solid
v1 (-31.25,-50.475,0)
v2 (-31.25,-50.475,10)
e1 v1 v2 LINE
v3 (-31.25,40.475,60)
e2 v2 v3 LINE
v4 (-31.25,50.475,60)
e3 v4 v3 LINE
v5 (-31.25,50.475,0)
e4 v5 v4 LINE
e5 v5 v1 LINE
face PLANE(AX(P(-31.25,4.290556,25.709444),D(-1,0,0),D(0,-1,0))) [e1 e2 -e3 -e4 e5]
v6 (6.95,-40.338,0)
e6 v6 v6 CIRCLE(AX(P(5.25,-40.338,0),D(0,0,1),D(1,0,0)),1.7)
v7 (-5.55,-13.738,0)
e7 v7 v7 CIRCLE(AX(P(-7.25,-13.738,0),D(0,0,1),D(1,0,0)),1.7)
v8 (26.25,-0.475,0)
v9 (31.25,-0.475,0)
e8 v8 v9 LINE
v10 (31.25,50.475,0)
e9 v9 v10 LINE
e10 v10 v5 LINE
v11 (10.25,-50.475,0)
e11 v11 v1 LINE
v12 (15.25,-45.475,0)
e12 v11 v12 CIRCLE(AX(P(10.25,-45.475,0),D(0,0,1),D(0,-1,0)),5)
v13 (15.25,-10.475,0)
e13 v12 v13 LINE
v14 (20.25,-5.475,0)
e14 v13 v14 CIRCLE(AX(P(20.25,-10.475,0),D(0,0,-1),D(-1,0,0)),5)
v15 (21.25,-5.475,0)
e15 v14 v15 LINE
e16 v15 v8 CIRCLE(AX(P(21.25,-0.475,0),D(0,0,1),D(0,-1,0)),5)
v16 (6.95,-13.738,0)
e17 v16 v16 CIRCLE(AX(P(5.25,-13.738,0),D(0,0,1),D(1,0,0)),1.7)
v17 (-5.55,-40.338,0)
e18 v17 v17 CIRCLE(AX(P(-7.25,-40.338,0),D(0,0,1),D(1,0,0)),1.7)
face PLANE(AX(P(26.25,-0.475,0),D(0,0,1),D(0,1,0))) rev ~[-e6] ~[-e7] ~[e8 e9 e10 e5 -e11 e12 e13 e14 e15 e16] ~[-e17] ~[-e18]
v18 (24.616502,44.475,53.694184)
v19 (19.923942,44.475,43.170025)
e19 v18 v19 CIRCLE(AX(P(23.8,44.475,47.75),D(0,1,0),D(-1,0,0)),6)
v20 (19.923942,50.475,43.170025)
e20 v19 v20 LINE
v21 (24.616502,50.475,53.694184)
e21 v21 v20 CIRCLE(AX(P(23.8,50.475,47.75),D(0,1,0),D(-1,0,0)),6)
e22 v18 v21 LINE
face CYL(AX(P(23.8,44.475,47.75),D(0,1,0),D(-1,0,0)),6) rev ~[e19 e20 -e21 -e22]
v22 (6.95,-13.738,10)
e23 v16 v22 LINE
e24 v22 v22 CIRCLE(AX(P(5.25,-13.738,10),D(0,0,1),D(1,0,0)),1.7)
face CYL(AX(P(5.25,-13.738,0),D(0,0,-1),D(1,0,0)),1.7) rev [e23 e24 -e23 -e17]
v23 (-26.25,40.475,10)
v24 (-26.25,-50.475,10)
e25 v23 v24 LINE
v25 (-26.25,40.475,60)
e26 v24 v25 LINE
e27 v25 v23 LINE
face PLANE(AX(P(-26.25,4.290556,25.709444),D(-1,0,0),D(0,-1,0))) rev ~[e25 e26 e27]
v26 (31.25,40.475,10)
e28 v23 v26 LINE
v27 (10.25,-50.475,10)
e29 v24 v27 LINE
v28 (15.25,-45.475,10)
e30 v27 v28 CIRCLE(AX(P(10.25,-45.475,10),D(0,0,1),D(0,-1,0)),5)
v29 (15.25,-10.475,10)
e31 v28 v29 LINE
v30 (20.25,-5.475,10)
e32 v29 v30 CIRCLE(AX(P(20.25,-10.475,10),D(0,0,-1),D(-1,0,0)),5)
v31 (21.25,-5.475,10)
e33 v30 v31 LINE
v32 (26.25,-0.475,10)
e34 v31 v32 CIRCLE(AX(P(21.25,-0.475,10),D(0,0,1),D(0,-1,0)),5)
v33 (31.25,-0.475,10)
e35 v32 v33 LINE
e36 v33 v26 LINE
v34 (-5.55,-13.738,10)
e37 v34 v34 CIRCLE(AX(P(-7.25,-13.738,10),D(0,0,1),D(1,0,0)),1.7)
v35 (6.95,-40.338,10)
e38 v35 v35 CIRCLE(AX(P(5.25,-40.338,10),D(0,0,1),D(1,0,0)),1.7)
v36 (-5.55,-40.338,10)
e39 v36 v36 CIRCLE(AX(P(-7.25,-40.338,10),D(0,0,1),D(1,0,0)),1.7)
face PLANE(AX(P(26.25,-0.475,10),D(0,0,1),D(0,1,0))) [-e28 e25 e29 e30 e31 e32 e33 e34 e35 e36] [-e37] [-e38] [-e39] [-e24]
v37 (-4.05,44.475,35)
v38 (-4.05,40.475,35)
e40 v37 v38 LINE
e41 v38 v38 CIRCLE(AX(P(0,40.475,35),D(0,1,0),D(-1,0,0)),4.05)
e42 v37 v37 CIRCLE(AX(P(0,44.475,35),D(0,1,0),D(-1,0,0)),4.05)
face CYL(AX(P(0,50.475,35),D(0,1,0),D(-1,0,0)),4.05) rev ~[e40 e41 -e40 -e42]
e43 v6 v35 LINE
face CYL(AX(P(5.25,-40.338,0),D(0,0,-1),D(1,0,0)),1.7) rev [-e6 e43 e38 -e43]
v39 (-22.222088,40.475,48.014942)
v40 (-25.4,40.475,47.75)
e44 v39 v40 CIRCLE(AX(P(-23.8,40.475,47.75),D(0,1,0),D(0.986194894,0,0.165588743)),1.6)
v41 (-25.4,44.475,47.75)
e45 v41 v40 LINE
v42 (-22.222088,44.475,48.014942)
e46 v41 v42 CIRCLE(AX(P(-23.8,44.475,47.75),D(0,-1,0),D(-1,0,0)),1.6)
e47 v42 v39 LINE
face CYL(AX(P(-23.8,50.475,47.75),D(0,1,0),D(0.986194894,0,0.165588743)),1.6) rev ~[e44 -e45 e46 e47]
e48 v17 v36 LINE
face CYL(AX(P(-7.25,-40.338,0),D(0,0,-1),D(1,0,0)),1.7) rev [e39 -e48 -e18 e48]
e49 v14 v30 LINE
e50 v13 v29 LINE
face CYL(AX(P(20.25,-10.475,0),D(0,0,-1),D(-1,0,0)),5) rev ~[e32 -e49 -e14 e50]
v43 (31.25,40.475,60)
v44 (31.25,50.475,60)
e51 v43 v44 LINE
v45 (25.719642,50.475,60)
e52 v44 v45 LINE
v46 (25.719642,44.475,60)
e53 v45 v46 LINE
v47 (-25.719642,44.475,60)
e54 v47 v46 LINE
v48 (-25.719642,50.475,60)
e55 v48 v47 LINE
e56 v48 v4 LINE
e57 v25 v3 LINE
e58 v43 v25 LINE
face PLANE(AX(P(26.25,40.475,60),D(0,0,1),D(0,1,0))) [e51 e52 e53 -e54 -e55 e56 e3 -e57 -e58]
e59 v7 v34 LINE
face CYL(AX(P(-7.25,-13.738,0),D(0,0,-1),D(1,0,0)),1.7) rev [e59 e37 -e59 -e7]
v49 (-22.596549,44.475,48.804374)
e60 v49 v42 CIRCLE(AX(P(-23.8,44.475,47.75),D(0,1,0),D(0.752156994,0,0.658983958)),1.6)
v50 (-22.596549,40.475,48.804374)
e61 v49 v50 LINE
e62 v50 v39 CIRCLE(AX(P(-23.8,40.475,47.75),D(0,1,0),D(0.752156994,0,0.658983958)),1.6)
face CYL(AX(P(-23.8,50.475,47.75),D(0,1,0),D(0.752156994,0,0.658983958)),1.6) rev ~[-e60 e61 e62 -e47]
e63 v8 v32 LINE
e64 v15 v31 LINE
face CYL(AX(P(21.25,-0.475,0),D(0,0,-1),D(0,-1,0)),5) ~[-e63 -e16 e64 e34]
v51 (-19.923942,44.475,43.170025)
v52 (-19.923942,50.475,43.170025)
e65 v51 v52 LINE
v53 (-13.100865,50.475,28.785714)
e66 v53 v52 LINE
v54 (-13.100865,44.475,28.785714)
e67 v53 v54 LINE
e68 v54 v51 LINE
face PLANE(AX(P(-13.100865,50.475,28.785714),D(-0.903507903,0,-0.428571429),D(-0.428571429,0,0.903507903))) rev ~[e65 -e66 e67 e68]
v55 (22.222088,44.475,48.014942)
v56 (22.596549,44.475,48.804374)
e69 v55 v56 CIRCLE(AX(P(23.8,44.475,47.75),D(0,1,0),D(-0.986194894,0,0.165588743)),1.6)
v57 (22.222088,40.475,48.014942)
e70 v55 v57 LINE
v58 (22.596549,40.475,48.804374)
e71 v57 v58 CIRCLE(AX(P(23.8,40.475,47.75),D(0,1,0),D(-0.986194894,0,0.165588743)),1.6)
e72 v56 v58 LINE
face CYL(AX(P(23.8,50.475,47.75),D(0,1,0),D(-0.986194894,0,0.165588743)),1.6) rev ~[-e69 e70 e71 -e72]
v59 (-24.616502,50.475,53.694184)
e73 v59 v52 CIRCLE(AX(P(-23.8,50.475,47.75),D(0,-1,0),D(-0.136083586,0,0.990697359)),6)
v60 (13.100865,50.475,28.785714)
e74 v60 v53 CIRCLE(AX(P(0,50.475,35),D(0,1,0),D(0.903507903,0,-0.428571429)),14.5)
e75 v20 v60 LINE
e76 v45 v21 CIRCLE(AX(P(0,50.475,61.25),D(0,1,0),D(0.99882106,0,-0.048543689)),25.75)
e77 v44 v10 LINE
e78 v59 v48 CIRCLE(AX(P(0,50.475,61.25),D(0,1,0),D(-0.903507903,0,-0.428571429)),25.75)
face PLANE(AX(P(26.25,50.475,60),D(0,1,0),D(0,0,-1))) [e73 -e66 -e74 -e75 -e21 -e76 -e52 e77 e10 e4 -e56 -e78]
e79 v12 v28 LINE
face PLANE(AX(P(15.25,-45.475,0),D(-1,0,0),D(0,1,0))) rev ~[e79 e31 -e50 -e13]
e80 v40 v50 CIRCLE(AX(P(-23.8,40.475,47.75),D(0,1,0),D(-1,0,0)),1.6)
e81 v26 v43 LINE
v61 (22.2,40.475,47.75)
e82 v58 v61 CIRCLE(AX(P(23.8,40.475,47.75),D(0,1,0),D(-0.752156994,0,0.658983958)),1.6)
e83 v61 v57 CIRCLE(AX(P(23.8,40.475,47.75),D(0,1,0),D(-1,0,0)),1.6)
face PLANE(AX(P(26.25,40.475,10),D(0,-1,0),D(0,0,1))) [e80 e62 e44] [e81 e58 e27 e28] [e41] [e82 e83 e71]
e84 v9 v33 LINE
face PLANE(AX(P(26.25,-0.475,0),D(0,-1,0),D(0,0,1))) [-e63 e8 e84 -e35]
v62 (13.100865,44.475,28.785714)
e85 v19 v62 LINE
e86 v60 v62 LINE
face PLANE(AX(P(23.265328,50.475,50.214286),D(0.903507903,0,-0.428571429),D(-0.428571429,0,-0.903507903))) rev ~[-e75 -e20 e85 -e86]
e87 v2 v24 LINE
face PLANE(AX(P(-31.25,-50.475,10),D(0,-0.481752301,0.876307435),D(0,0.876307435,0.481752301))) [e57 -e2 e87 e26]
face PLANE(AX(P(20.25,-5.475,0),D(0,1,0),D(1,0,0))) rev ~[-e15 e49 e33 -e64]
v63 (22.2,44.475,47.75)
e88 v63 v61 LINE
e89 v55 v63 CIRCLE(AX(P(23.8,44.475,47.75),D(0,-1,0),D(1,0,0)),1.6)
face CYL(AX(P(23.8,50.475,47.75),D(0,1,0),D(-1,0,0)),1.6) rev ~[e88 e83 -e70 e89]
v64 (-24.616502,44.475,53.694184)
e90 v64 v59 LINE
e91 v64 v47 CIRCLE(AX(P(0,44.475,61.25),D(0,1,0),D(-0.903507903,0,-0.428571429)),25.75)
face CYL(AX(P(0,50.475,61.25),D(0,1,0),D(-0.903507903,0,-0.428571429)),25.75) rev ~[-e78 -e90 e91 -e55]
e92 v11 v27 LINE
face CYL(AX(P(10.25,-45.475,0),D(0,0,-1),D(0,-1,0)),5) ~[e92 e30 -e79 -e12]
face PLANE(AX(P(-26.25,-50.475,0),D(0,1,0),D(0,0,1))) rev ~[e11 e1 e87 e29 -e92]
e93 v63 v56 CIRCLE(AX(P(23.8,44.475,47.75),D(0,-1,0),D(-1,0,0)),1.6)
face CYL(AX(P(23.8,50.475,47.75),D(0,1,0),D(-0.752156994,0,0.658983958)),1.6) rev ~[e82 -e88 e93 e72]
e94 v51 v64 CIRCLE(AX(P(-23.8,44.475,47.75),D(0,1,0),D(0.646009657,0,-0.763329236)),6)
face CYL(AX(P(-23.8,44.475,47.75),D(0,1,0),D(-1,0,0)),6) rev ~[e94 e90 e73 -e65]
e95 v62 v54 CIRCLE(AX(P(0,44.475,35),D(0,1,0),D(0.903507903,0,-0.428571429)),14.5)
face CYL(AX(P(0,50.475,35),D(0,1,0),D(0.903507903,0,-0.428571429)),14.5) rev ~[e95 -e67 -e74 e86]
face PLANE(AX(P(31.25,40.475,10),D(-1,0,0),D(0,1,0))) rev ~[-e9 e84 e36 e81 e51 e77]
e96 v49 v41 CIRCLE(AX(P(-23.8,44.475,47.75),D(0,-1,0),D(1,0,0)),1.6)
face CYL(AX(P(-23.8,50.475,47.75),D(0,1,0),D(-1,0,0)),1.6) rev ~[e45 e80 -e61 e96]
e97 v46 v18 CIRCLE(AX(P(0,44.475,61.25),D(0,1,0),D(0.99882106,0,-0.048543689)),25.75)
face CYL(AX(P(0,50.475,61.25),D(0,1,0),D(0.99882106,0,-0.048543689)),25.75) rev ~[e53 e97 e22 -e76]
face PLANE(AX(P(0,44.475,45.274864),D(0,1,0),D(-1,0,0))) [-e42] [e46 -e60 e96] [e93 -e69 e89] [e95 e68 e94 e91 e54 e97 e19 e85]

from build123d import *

# Parameters (mm, degrees)
F0_R            = 1.7
F1_DEPTH        = 10
F3_DEPTH        = 50
F4_R            = 4.05
F5_DEPTH        = 6
F6_R            = 4.05
F7_DEPTH        = 25
F8_DEPTH        = 5
F9_DEPTH        = 5
F11_DEPTH       = 5
F13_D           = 3.2
F13_CBORE_D     = 12
F13_CBORE_DEPTH = 6


with BuildPart() as f1:
    # F0 (on Top) → F1 (new body)
    with BuildSketch(Plane.XY):
        with BuildLine():
            Line((26.25, 50.475), (-26.25, 50.475))
            Line((-26.25, 50.475), (-26.25, -50.475))
            Line((-26.25, -50.475), (10.25, -50.475))
            ThreePointArc((10.25, -50.475), (13.7855339059, -49.0105339059), (15.25, -45.475))
            Line((15.25, -45.475), (15.25, -10.475))
            ThreePointArc((15.25, -10.475), (16.7144660941, -6.9394660941), (20.25, -5.475))
            Line((20.25, -5.475), (21.25, -5.475))
            ThreePointArc((21.25, -5.475), (24.7855339059, -4.0105339059), (26.25, -0.475))
            Line((26.25, -0.475), (26.25, 50.475))
        make_face()
        with Locations((-7.25, -40.338)):
            Circle(F0_R, mode=Mode.SUBTRACT)
        with Locations((-7.25, -13.738)):
            Circle(F0_R, mode=Mode.SUBTRACT)
        with Locations((5.25, -40.338)):
            Circle(F0_R, mode=Mode.SUBTRACT)
        with Locations((5.25, -13.738)):
            Circle(F0_R, mode=Mode.SUBTRACT)
    extrude(amount=F1_DEPTH)

    # F2 (on face) → F3 (join)
    with BuildSketch(Plane.XY.offset(10)):
        Polygon((26.25, 50.475), (-26.25, 50.475), (-26.25, 40.475), (-21.25, 40.475), (26.25, 40.475), align=None)
    extrude(amount=F3_DEPTH)

    # F4 (on face) → F5 (cut)
    with BuildSketch(Plane(origin=(0, 50.475, 0), x_dir=(-1, 0, 0), z_dir=(0, 1, 0))):
        with BuildLine():
            Line((13.1008645921, 28.7857142857), (23.2653284998, 50.2142857143))
            ThreePointArc((23.2653284998, 50.2142857143), (24.9764267273, 54.9857675702), (25.7196422992, 60))
            Line((25.7196422992, 60), (-25.7196422992, 60))
            ThreePointArc((-25.7196422992, 60), (-24.9764267273, 54.9857675702), (-23.2653284998, 50.2142857143))
            Line((-23.2653284998, 50.2142857143), (-13.1008645921, 28.7857142857))
            ThreePointArc((-13.1008645921, 28.7857142857), (0, 20.5), (13.1008645921, 28.7857142857))
        make_face()
        with Locations((0, 35)):
            Circle(F4_R, mode=Mode.SUBTRACT)
        with Locations((0, 35)):
            Circle(F4_R)
    extrude(amount=-F5_DEPTH, mode=Mode.SUBTRACT)

    # F6 (on face) → F7 (cut)
    with BuildSketch(Plane(origin=(0, 50.475, 0), x_dir=(-1, 0, 0), z_dir=(0, 1, 0))):
        with Locations((0, 35)):
            Circle(F6_R)
        with BuildLine():
            Line((-22.5965488101, 48.8043743327), (-22.2220881702, 48.0149419886))
            ThreePointArc((-22.2220881702, 48.0149419886), (-22.3543873554, 48.4357142857), (-22.5965488101, 48.8043743327))
        make_face()
        with BuildLine():
            ThreePointArc((-22.5965488101, 48.8043743327), (-25.29758504, 47.1867602215), (-22.2, 47.75))
            ThreePointArc((-22.2, 47.75), (-22.2055316046, 47.8829305689), (-22.2220881702, 48.0149419886))
            Line((-22.2220881702, 48.0149419886), (-22.5965488101, 48.8043743327))
        make_face()
        with BuildLine():
            ThreePointArc((22.5965488101, 48.8043743327), (22.3543873554, 48.4357142857), (22.2220881702, 48.0149419886))
            Line((22.2220881702, 48.0149419886), (22.5965488101, 48.8043743327))
        make_face()
        with BuildLine():
            Line((22.5965488101, 48.8043743327), (22.2220881702, 48.0149419886))
            ThreePointArc((22.2220881702, 48.0149419886), (23.6670694311, 46.1555316046), (25.4, 47.75))
            ThreePointArc((25.4, 47.75), (24.3632397785, 49.24758504), (22.5965488101, 48.8043743327))
        make_face()
    extrude(amount=-F7_DEPTH, mode=Mode.SUBTRACT)

    # F8 (add): a face of the model
    f8_faces = [f1.faces().sort_by_distance(p)[0] for p in [
        (-26.25, 49.3006532667, 30),
    ]]
    extrude(f8_faces, amount=F8_DEPTH)

    # F9 (add): a face of the model
    f9_faces = [f1.faces().sort_by_distance(p)[0] for p in [
        (26.25, 0.3121405529, 5),
    ]]
    extrude(f9_faces, amount=F9_DEPTH)

    # F10 (on face) → F11 (join)
    with BuildSketch(Plane(origin=(-31.25, 0, 0), x_dir=(0, -1, 0), z_dir=(-1, 0, 0))):
        Polygon((50.475, 10), (-40.475, 60), (-40.475, 10), align=None)
    extrude(amount=-F11_DEPTH)

    # F13 (through all)
    with Locations(Plane(origin=(0, 50.475, 0), x_dir=(-1, 0, 0), z_dir=(0, 1, 0))):
        with Locations((-23.8, 47.75), (23.8, 47.75)):
            CounterBoreHole(F13_D / 2, F13_CBORE_D / 2, F13_CBORE_DEPTH)


solid = f1.part
